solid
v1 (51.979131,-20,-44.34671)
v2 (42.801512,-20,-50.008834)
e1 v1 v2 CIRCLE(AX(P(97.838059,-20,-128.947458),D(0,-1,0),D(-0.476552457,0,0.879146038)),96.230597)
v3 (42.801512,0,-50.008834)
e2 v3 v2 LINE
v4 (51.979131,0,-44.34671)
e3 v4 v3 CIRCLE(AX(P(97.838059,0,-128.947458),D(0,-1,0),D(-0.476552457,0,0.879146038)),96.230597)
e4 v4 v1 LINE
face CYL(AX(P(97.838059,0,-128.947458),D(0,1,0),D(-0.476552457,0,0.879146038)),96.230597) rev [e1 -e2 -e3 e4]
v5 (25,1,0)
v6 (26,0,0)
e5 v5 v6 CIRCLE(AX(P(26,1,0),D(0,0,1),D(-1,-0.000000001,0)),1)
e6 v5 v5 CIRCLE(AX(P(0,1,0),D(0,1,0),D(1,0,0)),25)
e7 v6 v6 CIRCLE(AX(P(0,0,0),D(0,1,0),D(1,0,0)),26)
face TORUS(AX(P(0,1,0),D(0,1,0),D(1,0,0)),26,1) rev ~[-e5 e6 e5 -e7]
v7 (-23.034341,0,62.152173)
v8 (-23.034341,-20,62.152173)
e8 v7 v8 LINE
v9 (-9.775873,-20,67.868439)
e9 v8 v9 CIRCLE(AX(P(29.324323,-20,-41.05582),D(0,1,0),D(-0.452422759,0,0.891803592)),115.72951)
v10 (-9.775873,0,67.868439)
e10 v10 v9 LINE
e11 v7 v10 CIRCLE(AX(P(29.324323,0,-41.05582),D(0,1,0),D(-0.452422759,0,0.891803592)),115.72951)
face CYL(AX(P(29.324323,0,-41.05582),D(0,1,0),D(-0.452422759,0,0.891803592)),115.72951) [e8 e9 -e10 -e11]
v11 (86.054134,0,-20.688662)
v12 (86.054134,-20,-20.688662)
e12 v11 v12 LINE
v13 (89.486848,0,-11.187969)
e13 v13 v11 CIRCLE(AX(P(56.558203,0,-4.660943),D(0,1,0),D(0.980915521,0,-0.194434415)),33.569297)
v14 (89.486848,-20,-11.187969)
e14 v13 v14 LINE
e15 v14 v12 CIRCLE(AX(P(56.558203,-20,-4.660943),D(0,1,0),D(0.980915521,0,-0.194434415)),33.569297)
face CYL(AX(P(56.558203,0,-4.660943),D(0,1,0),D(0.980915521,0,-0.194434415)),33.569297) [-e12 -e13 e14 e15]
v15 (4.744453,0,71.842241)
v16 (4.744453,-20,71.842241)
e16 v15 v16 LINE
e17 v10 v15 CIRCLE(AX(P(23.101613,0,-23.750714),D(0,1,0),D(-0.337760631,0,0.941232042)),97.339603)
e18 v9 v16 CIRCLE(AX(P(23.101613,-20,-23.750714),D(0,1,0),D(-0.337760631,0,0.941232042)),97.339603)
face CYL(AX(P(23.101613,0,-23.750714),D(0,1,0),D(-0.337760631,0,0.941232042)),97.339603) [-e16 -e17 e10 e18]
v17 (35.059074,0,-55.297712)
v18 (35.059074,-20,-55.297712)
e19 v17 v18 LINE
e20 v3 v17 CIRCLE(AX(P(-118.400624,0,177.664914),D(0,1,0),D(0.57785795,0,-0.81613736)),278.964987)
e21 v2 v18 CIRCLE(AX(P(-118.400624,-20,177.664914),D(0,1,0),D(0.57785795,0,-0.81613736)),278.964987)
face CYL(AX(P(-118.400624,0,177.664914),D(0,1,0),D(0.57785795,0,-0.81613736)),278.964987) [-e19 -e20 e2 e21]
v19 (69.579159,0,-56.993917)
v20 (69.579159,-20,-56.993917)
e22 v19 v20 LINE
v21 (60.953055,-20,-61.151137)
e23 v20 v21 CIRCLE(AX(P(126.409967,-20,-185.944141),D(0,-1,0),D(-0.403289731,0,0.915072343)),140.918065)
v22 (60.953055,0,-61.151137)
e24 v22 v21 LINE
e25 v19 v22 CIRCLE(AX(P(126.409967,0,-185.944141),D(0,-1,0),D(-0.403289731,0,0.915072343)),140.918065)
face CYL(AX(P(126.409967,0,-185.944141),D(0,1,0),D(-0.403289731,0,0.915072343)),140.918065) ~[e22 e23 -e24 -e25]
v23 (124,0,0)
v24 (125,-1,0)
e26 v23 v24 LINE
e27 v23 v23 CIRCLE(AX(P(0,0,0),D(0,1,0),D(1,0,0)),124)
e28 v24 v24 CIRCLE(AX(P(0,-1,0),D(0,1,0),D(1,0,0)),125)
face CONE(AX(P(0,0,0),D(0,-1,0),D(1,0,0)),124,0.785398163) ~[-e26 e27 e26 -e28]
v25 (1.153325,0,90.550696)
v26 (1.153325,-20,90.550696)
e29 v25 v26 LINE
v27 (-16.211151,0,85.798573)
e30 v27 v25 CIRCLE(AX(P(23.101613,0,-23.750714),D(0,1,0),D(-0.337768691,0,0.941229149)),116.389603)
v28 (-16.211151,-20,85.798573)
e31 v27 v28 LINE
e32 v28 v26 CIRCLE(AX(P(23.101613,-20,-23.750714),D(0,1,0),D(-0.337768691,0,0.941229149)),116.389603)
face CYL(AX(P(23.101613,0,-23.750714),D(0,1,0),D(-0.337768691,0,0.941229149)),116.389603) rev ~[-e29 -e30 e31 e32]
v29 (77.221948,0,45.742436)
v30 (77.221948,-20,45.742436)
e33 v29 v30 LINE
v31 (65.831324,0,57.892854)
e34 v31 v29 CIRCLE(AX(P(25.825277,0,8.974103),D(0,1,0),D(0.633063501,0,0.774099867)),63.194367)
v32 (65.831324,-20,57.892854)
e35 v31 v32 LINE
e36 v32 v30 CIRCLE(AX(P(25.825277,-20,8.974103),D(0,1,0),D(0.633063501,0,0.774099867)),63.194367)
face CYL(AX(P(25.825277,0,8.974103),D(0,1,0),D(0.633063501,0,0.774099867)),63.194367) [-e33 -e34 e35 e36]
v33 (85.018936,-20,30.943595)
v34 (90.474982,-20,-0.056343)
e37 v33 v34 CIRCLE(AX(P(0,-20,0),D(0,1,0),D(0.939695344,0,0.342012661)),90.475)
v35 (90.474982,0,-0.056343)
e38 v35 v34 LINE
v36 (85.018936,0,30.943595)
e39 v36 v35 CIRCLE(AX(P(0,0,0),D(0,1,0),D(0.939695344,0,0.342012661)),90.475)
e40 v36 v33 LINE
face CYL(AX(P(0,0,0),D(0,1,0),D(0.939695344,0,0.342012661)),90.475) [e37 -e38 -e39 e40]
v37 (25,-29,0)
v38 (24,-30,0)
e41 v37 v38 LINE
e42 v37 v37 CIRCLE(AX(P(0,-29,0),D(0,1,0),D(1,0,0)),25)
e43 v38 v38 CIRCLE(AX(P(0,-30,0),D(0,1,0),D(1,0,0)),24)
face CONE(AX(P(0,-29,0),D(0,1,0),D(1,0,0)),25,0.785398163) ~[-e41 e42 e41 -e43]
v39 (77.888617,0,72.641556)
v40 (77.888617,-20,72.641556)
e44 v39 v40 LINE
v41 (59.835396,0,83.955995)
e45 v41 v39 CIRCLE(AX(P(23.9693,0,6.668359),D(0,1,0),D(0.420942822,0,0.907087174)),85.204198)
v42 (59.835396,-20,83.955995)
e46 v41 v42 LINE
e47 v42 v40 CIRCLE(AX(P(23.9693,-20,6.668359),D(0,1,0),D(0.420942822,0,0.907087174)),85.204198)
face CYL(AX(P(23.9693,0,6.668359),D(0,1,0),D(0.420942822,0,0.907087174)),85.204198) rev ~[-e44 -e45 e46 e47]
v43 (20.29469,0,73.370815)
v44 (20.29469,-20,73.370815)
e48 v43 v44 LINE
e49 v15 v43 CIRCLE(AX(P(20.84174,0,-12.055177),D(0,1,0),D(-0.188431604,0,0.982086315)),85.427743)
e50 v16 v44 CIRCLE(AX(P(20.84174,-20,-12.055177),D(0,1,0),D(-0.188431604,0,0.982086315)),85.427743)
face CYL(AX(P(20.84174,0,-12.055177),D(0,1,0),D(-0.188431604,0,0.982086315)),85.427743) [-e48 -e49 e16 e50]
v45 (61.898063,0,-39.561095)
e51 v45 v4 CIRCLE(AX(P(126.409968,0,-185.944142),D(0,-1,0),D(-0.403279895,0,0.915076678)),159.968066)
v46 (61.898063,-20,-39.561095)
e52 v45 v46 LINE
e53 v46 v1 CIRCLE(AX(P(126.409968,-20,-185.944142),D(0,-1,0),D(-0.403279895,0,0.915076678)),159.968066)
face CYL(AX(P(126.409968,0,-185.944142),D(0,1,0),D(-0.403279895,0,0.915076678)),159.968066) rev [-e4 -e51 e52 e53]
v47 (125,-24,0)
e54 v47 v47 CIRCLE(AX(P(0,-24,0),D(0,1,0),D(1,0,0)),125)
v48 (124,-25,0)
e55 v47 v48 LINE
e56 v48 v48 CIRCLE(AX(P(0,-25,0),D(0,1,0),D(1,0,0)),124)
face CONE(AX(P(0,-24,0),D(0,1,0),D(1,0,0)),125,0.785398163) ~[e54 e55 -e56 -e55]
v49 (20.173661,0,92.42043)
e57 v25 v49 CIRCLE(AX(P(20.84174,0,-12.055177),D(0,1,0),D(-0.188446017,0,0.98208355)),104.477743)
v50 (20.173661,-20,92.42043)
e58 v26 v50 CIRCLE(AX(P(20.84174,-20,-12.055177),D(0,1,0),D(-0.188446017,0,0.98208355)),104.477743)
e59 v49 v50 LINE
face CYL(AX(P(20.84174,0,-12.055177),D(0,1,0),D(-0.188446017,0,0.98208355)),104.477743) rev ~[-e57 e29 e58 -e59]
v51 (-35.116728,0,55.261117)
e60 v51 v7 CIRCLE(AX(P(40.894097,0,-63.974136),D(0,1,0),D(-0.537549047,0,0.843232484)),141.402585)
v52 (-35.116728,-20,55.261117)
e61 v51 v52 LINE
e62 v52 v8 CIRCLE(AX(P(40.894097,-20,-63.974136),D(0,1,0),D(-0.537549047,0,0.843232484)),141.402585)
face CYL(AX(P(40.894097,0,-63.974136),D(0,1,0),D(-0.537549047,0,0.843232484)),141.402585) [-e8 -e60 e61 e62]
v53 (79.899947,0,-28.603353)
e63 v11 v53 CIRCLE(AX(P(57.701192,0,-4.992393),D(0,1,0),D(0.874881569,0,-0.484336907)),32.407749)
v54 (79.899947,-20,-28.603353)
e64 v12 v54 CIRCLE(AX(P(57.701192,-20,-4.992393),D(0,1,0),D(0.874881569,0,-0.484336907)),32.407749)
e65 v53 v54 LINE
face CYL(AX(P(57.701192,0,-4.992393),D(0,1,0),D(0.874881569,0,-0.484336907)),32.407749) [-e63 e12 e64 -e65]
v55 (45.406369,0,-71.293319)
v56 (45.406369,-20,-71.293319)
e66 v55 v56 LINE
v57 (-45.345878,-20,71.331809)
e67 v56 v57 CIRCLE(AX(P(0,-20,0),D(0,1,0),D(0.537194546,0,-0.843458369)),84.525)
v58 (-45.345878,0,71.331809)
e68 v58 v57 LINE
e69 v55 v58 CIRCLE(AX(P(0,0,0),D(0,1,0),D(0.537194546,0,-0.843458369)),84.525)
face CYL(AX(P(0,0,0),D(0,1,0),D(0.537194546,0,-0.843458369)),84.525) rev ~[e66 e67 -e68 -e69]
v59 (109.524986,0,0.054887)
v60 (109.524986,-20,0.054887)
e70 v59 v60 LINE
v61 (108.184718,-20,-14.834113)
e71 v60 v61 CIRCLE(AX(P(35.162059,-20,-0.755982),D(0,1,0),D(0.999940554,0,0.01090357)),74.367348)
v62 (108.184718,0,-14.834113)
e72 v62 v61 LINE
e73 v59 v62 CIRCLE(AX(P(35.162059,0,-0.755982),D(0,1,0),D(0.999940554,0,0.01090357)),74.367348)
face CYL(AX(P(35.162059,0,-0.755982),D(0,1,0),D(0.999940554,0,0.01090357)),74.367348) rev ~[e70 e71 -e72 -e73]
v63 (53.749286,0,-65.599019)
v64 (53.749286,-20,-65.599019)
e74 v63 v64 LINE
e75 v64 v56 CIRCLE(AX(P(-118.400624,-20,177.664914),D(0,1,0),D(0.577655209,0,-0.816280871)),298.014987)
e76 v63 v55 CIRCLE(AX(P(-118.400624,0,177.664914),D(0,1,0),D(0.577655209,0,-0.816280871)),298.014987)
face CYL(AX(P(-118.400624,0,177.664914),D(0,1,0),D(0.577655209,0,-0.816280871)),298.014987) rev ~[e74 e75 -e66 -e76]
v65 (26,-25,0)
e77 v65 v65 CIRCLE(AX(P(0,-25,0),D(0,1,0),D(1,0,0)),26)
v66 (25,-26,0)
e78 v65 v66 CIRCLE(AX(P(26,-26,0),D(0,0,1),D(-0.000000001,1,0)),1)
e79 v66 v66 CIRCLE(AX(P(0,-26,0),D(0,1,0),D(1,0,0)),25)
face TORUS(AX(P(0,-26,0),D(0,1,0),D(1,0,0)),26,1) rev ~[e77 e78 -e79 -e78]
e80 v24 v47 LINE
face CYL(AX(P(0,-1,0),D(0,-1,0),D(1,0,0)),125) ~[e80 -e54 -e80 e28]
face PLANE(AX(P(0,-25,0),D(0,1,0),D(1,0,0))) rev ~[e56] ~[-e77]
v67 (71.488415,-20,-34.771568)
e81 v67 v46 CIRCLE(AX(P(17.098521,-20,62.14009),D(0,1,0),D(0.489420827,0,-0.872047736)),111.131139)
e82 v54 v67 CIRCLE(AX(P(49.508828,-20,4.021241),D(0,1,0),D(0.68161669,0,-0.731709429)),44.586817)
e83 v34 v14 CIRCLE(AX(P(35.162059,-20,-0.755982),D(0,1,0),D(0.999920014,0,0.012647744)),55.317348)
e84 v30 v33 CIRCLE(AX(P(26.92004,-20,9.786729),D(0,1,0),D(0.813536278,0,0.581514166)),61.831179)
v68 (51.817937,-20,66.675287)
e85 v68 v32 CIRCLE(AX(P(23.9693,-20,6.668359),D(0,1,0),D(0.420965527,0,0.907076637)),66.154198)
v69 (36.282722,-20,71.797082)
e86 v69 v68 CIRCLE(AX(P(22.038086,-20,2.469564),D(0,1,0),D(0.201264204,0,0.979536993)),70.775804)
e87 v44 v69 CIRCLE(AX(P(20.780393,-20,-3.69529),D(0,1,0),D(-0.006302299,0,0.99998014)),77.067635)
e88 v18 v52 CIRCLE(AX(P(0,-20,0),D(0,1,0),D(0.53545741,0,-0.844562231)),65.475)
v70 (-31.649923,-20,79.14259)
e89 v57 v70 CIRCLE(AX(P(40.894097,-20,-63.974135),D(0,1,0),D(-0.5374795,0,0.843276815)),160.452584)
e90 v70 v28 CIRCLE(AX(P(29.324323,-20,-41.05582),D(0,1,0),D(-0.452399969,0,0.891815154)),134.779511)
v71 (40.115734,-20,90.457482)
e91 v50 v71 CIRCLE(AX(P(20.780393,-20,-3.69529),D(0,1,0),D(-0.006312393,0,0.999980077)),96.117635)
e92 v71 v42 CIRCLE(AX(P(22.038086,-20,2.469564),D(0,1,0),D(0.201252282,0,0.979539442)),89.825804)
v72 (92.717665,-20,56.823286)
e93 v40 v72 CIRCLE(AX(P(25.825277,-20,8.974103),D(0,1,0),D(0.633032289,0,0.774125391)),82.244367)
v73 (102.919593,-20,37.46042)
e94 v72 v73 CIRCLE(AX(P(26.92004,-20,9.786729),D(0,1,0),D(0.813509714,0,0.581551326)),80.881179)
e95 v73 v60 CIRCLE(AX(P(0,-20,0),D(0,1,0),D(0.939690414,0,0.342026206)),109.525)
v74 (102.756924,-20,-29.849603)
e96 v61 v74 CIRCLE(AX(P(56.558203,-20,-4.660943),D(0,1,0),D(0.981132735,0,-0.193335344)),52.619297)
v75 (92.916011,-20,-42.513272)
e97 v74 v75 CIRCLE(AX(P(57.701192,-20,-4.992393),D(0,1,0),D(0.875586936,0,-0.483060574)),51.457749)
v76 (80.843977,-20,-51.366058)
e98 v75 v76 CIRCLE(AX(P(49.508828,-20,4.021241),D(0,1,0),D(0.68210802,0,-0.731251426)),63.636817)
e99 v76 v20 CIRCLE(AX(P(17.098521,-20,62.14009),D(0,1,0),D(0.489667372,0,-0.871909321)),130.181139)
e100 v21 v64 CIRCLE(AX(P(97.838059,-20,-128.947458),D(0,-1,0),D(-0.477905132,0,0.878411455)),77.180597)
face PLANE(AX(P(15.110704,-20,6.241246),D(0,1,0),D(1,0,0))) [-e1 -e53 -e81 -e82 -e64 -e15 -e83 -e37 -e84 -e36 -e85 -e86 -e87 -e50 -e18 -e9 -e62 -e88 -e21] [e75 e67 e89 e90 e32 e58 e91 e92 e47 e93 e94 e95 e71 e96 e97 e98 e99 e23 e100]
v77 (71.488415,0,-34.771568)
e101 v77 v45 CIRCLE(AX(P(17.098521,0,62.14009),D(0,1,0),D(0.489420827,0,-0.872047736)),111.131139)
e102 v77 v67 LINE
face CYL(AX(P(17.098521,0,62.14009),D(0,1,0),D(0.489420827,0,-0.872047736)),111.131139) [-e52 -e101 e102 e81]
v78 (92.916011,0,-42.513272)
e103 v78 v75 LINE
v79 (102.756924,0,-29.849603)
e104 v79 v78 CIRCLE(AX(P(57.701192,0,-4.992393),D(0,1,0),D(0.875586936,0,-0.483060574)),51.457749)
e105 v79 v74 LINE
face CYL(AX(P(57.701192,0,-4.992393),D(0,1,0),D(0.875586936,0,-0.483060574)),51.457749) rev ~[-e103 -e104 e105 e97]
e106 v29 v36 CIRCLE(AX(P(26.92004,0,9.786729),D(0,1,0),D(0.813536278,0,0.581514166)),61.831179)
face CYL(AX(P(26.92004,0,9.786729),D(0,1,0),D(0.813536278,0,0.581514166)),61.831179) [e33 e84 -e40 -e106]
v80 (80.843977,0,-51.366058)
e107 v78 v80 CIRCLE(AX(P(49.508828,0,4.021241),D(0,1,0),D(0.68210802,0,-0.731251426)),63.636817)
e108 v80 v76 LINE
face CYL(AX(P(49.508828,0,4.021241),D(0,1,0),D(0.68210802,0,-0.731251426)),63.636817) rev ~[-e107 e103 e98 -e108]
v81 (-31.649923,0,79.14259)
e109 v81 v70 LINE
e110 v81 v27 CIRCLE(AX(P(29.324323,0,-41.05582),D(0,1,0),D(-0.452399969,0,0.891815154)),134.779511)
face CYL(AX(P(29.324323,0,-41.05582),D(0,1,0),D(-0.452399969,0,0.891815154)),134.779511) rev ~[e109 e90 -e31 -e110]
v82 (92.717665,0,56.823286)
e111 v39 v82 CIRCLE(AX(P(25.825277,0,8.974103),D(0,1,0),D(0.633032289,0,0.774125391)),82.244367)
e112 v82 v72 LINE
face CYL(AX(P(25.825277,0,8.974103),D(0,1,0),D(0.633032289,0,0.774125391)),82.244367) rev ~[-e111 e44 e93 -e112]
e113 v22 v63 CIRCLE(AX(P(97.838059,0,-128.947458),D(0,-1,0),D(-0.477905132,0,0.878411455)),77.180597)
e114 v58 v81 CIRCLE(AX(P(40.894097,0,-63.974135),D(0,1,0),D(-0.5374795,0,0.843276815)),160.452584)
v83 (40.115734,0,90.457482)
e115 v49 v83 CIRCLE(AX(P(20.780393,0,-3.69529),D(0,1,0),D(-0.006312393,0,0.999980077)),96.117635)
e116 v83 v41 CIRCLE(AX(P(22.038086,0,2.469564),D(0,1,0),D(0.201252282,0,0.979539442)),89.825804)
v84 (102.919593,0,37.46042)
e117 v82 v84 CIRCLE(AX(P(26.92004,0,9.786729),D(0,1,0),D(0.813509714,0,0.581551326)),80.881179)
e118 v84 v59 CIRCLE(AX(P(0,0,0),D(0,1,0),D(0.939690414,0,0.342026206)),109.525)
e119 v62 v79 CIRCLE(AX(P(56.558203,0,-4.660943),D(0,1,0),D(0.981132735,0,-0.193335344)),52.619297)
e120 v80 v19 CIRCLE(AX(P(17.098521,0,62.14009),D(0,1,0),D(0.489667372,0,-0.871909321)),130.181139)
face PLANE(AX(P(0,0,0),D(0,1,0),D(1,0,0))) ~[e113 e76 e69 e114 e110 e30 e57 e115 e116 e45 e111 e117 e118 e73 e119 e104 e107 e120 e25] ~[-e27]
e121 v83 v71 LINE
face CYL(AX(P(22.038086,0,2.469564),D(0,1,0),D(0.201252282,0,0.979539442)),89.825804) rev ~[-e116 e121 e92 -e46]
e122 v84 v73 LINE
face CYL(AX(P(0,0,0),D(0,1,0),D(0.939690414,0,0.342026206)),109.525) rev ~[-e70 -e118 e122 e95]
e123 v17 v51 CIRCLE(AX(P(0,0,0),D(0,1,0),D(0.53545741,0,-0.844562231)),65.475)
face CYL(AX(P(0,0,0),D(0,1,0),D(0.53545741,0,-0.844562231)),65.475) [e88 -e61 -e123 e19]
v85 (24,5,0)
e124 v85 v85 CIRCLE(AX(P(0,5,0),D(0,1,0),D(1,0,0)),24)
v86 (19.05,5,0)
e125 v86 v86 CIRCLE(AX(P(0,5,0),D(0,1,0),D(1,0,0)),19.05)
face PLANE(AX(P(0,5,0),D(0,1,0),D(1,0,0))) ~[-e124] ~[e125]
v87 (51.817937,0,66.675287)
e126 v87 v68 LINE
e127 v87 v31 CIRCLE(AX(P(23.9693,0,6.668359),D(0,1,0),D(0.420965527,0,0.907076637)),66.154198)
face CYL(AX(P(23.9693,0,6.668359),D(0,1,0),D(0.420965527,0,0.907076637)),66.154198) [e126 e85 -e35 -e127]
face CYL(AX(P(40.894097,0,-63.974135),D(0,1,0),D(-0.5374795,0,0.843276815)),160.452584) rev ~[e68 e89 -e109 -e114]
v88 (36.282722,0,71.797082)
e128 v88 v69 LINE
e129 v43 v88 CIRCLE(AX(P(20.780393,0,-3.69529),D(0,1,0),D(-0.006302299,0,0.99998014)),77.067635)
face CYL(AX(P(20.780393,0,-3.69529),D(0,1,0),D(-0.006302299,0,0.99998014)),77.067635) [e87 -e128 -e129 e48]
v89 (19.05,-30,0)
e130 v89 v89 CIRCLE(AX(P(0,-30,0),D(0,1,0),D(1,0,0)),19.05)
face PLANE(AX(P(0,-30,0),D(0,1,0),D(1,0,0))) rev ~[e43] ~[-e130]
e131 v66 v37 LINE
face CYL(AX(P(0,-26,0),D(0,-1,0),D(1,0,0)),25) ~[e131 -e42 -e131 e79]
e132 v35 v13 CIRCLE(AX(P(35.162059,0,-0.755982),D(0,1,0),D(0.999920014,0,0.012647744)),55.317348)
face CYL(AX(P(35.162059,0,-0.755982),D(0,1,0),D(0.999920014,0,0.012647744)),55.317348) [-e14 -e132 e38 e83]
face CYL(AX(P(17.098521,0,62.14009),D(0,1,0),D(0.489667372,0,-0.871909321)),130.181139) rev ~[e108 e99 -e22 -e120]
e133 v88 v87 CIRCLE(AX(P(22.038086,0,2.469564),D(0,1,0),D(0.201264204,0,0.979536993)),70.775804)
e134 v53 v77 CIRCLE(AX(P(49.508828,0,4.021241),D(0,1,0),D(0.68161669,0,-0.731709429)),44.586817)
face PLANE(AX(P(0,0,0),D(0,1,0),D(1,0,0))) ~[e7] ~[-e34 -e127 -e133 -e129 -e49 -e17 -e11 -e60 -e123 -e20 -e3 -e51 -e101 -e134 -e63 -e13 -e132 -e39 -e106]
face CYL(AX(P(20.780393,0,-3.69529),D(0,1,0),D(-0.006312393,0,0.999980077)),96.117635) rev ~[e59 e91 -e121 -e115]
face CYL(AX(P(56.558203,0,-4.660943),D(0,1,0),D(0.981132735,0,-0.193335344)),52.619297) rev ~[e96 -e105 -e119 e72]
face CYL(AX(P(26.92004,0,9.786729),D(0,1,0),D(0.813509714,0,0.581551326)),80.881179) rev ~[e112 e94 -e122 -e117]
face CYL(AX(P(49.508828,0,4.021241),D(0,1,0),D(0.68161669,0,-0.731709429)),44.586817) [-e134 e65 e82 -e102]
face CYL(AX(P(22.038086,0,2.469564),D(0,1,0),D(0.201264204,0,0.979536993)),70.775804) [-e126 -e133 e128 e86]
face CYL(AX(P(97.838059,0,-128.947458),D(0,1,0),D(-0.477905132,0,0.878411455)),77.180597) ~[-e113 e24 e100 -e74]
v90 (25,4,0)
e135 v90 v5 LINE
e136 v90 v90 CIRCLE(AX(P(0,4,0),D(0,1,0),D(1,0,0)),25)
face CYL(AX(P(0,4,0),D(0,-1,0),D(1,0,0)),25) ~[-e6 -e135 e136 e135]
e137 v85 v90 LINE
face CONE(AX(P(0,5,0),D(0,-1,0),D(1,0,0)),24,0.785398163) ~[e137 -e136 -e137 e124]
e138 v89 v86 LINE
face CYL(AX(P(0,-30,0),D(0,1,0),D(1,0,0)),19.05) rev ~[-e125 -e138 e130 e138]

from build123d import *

# Parameters (mm, degrees)
CUT_EXTRUDE_THIN1_DEPTH      = 15
CUT_EXTRUDE_THIN1_DEPTH_BACK = 20


with BuildPart() as part:
    # Sketch1 → Base-Revolve (revolve)
    with BuildSketch(Plane.XY):
        with BuildLine():
            Line((19.05, 5), (24, 5))
            Line((24, 5), (25, 4))
            Line((25, 4), (25, 1))
            ThreePointArc((25, 1), (25.292893219, 0.292893219), (26, 0))
            Line((26, 0), (124, 0))
            Line((124, 0), (125, -1))
            Line((125, -1), (125, -24))
            Line((125, -24), (124, -25))
            Line((124, -25), (26, -25))
            ThreePointArc((26, -25), (25.292893219, -25.292893219), (25, -26))
            Line((25, -26), (25, -29))
            Line((25, -29), (24, -30))
            Line((24, -30), (19.05, -30))
            Line((19.05, -30), (19.05, 5))
        make_face()
    revolve(axis=Axis((0, -30350, 0), (0, 1, 0)))

    # Sketch2 → Cut-Extrude-Thin1 (cut, two sides)
    with BuildSketch(Plane(origin=(0, 0, 0), x_dir=(1, 0, 0), z_dir=(0, 1, 0))) as cut_extrude_thin1_sk:
        with BuildLine():
            ThreePointArc((109.524986247, -0.054887133), (109.229921991, 7.423375501), (108.184717895, 14.834112532))
            ThreePointArc((108.184717895, 14.834112532), (106.043659804, 22.548927161), (102.756924095, 29.84960267))
            ThreePointArc((102.756924095, 29.84960267), (98.332860497, 36.567183371), (92.916011248, 42.513272287))
            ThreePointArc((92.916011248, 42.513272287), (87.141221214, 47.295885443), (80.843977188, 51.366058191))
            ThreePointArc((80.843977188, 51.366058191), (75.279655517, 54.316272842), (69.579158541, 56.993916655))
            ThreePointArc((69.579158541, 56.993916655), (65.230785476, 58.999236045), (60.953055197, 61.151137028))
            ThreePointArc((60.953055197, 61.151137028), (57.290135984, 63.276226982), (53.749285638, 65.599019115))
            ThreePointArc((53.749285638, 65.599019115), (49.601954473, 68.481518372), (45.406369026, 71.293318599))
            ThreePointArc((45.406369026, 71.293318599), (-71.312570217, 45.376127579), (-45.345877971, -71.331809006))
            ThreePointArc((-45.345877971, -71.331809006), (-38.593898018, -75.405527827), (-31.649923168, -79.142589722))
            ThreePointArc((-31.649923168, -79.142589722), (-24.034421899, -82.711545409), (-16.211151125, -85.798572893))
            ThreePointArc((-16.211151125, -85.798572893), (-7.620932162, -88.510877367), (1.153325471, -90.550696085))
            ThreePointArc((1.153325471, -90.550696085), (10.620649637, -91.921398106), (20.173660561, -92.420430343))
            ThreePointArc((20.173660561, -92.420430343), (30.195991067, -91.960061817), (40.115734041, -90.457481608))
            ThreePointArc((40.115734041, -90.457481608), (50.164053761, -87.778443627), (59.835395829, -83.955994636))
            ThreePointArc((59.835395829, -83.955994636), (69.217053614, -78.865285844), (77.888616734, -72.641556104))
            ThreePointArc((77.888616734, -72.641556104), (85.826699629, -65.22323814), (92.717665183, -56.823286045))
            ThreePointArc((92.717665183, -56.823286045), (98.476591418, -47.488521124), (102.919592608, -37.460420212))
            ThreePointArc((102.919592608, -37.460420212), (107.856238797, -19.046190631), (109.524986247, -0.054887133))
        make_face()
        with BuildLine():
            ThreePointArc((90.474982456, 0.056342792), (90.262741838, 5.647173284), (89.486847533, 11.187969228))
            ThreePointArc((89.486847533, 11.187969228), (88.12991005, 16.068178084), (86.054133631, 20.688661832))
            ThreePointArc((86.054133631, 20.688661832), (83.284958022, 24.885433828), (79.899946609, 28.603353472))
            ThreePointArc((79.899946609, 28.603353472), (75.875178075, 31.93428485), (71.488414915, 34.771567807))
            ThreePointArc((71.488414915, 34.771567807), (66.751022738, 37.282035549), (61.898062734, 39.56109503))
            ThreePointArc((61.898062734, 39.56109503), (56.897401317, 41.868517981), (51.979131099, 44.346709525))
            ThreePointArc((51.979131099, 44.346709525), (47.310945971, 47.049113929), (42.801511531, 50.008834013))
            ThreePointArc((42.801511531, 50.008834013), (38.952515201, 52.685804726), (35.059073926, 55.297712072))
            ThreePointArc((35.059073926, 55.297712072), (-55.279422123, 35.087905534), (-35.1167276, -55.261117141))
            ThreePointArc((-35.1167276, -55.261117141), (-29.160317457, -58.855298852), (-23.034341253, -62.152173057))
            ThreePointArc((-23.034341253, -62.152173057), (-16.494338073, -65.217270915), (-9.775872963, -67.868439157))
            ThreePointArc((-9.775872963, -67.868439157), (-2.592647115, -70.136469906), (4.744453336, -71.842240708))
            ThreePointArc((4.744453336, -71.842240708), (12.484550044, -72.962801762), (20.294689574, -73.370814789))
            ThreePointArc((20.294689574, -73.370814789), (28.32982468, -73.001688389), (36.282721862, -71.797081864))
            ThreePointArc((36.282721862, -71.797081864), (44.198795786, -69.686506265), (51.817937068, -66.675286938))
            ThreePointArc((51.817937068, -66.675286938), (59.100153222, -62.723698973), (65.831324035, -57.892854425))
            ThreePointArc((65.831324035, -57.892854425), (71.928664779, -52.194534162), (77.221947559, -45.742435637))
            ThreePointArc((77.221947559, -45.742435637), (81.623193338, -38.607897611), (85.018936267, -30.943595477))
            ThreePointArc((85.018936267, -30.943595477), (89.105431486, -15.682719937), (90.474982456, 0.056342792))
        make_face(mode=Mode.SUBTRACT)
    extrude(amount=CUT_EXTRUDE_THIN1_DEPTH, mode=Mode.SUBTRACT)
    extrude(cut_extrude_thin1_sk.sketch, amount=-CUT_EXTRUDE_THIN1_DEPTH_BACK, mode=Mode.SUBTRACT)


solid = part.part
